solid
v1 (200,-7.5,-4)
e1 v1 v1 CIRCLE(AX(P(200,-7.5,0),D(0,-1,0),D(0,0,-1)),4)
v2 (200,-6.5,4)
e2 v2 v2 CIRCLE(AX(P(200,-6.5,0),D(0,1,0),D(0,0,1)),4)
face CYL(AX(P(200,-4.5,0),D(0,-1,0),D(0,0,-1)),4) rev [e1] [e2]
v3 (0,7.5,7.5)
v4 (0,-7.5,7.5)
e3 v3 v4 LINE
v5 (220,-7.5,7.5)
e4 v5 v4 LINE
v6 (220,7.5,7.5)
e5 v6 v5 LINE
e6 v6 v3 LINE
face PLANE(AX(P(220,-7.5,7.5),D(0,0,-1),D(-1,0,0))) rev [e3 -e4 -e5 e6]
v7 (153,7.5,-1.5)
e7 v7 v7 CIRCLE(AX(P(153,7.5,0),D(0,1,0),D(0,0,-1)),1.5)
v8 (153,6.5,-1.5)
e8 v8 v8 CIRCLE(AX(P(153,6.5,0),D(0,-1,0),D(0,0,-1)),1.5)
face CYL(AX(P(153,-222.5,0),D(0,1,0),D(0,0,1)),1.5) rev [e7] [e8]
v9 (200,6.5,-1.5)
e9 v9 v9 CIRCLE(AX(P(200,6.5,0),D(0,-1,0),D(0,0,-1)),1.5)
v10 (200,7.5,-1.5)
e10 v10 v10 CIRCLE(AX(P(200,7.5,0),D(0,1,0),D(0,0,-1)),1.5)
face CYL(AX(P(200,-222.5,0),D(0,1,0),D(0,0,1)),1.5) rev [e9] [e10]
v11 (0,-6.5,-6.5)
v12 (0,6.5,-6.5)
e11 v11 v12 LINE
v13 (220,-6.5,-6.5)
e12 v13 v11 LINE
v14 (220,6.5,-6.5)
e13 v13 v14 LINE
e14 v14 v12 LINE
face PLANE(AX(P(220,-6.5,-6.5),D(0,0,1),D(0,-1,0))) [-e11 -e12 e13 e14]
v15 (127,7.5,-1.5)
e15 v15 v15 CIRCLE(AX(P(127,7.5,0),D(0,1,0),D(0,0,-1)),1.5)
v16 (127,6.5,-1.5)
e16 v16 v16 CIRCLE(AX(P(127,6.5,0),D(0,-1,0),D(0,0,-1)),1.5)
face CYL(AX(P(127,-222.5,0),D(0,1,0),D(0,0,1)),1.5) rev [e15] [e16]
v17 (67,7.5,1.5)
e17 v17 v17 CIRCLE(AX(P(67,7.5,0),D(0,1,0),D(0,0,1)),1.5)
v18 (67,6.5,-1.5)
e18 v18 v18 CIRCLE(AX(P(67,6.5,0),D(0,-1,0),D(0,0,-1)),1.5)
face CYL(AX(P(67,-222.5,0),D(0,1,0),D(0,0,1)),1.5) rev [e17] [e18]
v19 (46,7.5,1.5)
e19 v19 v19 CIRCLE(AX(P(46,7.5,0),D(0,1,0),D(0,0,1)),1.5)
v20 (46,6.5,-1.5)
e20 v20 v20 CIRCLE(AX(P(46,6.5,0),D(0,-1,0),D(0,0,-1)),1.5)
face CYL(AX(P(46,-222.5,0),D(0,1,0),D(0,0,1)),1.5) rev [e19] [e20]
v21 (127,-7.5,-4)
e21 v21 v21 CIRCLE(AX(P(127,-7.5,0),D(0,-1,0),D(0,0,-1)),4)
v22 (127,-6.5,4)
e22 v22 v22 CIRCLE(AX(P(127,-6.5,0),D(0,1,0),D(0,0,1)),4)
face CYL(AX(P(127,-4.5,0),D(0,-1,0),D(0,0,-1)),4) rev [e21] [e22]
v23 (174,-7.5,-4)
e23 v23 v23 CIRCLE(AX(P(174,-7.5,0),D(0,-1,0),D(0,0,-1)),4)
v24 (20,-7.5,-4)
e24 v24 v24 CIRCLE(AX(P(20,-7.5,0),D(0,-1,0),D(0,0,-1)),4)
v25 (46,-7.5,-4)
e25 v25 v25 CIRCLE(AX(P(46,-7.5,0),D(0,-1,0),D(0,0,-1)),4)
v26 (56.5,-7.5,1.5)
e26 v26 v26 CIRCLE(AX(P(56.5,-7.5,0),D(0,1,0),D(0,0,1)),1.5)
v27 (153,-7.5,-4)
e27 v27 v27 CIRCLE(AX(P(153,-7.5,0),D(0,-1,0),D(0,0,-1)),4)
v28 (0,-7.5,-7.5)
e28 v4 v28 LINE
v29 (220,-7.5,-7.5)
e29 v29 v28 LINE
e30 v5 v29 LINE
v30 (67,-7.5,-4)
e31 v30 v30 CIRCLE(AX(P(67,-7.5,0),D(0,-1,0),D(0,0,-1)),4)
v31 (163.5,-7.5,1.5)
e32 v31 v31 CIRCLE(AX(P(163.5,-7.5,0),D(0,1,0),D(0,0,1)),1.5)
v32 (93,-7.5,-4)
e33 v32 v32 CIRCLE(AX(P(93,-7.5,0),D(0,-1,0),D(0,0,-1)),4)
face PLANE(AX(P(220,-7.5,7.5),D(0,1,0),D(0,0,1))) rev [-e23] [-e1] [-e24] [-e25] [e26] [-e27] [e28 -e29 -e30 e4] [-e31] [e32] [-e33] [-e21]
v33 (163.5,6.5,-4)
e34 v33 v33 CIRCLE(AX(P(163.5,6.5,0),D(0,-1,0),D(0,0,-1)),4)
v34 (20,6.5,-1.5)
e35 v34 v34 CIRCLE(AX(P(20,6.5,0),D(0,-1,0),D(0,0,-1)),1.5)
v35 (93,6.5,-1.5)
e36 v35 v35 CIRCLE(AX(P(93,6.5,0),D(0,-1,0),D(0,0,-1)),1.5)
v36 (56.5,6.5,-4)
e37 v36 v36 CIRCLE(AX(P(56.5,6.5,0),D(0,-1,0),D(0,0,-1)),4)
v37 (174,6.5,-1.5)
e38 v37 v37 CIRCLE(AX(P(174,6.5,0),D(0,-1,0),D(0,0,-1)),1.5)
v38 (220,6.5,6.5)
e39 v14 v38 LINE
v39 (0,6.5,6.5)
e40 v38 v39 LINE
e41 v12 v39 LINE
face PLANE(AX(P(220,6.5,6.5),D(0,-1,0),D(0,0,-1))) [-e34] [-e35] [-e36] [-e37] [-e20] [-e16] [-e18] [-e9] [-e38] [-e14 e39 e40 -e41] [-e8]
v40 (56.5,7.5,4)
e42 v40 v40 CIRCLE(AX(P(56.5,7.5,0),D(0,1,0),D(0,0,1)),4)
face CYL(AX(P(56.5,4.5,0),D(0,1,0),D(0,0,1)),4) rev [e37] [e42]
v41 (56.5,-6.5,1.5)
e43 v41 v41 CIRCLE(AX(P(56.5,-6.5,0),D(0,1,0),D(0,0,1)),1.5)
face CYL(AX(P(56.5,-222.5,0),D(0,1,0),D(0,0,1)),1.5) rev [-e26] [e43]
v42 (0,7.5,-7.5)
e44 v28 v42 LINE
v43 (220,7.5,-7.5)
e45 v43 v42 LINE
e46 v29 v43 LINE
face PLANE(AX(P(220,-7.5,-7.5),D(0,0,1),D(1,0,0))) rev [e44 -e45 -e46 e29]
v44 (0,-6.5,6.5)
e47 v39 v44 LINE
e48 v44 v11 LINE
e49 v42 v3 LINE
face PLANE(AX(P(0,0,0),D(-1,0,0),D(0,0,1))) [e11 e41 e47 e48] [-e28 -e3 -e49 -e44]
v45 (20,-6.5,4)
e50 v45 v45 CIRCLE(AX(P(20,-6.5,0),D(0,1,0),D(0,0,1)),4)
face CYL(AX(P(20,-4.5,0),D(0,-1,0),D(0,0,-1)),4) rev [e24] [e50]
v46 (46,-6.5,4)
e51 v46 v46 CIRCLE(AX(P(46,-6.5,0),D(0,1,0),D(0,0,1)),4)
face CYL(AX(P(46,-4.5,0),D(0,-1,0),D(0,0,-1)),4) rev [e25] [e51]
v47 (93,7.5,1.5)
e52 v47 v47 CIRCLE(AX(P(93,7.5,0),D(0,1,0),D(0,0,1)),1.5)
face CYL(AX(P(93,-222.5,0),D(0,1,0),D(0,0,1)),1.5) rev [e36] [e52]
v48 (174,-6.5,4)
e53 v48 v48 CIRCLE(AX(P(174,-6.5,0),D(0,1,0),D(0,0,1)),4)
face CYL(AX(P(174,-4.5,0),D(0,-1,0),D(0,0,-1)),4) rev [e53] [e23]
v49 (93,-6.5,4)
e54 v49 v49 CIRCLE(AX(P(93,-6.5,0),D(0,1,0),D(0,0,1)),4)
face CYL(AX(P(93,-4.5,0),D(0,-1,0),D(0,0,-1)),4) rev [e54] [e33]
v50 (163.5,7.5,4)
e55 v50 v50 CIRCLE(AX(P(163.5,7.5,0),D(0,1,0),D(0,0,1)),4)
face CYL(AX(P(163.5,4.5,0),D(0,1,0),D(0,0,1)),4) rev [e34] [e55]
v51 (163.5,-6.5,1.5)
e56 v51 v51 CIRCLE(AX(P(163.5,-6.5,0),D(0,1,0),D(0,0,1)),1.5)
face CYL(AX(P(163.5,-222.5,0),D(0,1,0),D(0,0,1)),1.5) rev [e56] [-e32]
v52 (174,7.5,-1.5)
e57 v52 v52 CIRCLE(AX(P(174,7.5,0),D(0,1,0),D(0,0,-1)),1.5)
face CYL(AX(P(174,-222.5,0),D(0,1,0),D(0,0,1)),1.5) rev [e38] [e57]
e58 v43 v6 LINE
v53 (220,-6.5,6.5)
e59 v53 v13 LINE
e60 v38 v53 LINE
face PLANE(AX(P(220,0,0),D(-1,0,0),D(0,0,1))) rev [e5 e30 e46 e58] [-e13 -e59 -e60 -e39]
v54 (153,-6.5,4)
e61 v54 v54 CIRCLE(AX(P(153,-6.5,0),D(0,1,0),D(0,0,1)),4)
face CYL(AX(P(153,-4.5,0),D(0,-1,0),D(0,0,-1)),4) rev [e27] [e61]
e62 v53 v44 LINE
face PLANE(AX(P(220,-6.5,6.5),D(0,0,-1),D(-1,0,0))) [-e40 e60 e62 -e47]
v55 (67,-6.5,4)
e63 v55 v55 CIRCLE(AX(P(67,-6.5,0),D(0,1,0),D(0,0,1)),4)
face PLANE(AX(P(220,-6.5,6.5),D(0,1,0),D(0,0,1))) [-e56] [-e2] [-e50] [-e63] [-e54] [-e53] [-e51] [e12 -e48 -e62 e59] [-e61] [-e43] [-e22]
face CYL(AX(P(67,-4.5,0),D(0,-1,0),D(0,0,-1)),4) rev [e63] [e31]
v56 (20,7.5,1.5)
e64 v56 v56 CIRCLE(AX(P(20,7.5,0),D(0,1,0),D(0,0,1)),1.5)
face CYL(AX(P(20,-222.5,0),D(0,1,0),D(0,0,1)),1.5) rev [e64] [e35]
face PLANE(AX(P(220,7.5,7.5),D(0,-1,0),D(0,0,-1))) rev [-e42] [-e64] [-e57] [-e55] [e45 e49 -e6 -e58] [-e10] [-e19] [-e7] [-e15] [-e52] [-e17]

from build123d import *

# Parameters (mm, degrees)
SKETCH_1_W          = 15
SKETCH_1_H          = 15
SKETCH_1_W_2        = 13
SKETCH_1_H_2        = 13
EXTRUDE_1_DEPTH     = 220
SKETCH_2_R          = 1.5
CUT_EXTRUDE_1_DEPTH = 230
SKETCH_3_R          = 4
CUT_EXTRUDE_2_DEPTH = 3
SKETCH_4_R          = 4
CUT_EXTRUDE_3_DEPTH = 3


with BuildPart() as part:
    # 草图1 → 凸台-拉伸1 (new body)
    with BuildSketch(Plane(origin=(0, 0, 0), x_dir=(0, 0, -1), z_dir=(1, 0, 0))):
        Rectangle(SKETCH_1_W, SKETCH_1_H)
        Rectangle(SKETCH_1_W_2, SKETCH_1_H_2, mode=Mode.SUBTRACT)
    extrude(amount=EXTRUDE_1_DEPTH)

    # 草图2 → 切除-拉伸1 (cut)
    with BuildSketch(Plane(origin=(0, 7.5, 0), x_dir=(1, 0, 0), z_dir=(0, 1, 0))):
        with Locations(Location((20, 0, 0), (0, 0, 270))):
            Circle(SKETCH_2_R)
        with Locations(Location((46, 0, 0), (0, 0, 270))):
            Circle(SKETCH_2_R)
        with Locations(Location((56.5, 0, 0), (0, 0, 270))):
            Circle(SKETCH_2_R)
        with Locations(Location((67, 0, 0), (0, 0, 270))):
            Circle(SKETCH_2_R)
        with Locations(Location((93, 0, 0), (0, 0, 270))):
            Circle(SKETCH_2_R)
        with Locations(Location((127, 0, 0), (0, 0, 90))):
            Circle(SKETCH_2_R)
        with Locations(Location((153, 0, 0), (0, 0, 90))):
            Circle(SKETCH_2_R)
        with Locations(Location((163.5, 0, 0), (0, 0, 90))):
            Circle(SKETCH_2_R)
        with Locations(Location((174, 0, 0), (0, 0, 90))):
            Circle(SKETCH_2_R)
        with Locations(Location((200, 0, 0), (0, 0, 90))):
            Circle(SKETCH_2_R)
    extrude(amount=-CUT_EXTRUDE_1_DEPTH, mode=Mode.SUBTRACT)

    # 草图3 → 切除-拉伸2 (cut)
    with BuildSketch(Plane(origin=(0, 7.5, 0), x_dir=(1, 0, 0), z_dir=(0, 1, 0))):
        with Locations(Location((56.5, 0, 0), (0, 0, 270))):
            Circle(SKETCH_3_R)
        with Locations(Location((163.5, 0, 0), (0, 0, 270))):
            Circle(SKETCH_3_R)
    extrude(amount=-CUT_EXTRUDE_2_DEPTH, mode=Mode.SUBTRACT)

    # 草图4 → 切除-拉伸3 (cut)
    with BuildSketch(Plane.XZ.offset(7.5)):
        with Locations(Location((20, 0, 0), (0, 0, 270))):
            Circle(SKETCH_4_R)
        with Locations(Location((46, 0, 0), (0, 0, 270))):
            Circle(SKETCH_4_R)
        with Locations(Location((67, 0, 0), (0, 0, 270))):
            Circle(SKETCH_4_R)
        with Locations(Location((93, 0, 0), (0, 0, 270))):
            Circle(SKETCH_4_R)
        with Locations(Location((127, 0, 0), (0, 0, 270))):
            Circle(SKETCH_4_R)
        with Locations(Location((153, 0, 0), (0, 0, 270))):
            Circle(SKETCH_4_R)
        with Locations(Location((174, 0, 0), (0, 0, 270))):
            Circle(SKETCH_4_R)
        with Locations(Location((200, 0, 0), (0, 0, 270))):
            Circle(SKETCH_4_R)
    extrude(amount=-CUT_EXTRUDE_3_DEPTH, mode=Mode.SUBTRACT)


solid = part.part
